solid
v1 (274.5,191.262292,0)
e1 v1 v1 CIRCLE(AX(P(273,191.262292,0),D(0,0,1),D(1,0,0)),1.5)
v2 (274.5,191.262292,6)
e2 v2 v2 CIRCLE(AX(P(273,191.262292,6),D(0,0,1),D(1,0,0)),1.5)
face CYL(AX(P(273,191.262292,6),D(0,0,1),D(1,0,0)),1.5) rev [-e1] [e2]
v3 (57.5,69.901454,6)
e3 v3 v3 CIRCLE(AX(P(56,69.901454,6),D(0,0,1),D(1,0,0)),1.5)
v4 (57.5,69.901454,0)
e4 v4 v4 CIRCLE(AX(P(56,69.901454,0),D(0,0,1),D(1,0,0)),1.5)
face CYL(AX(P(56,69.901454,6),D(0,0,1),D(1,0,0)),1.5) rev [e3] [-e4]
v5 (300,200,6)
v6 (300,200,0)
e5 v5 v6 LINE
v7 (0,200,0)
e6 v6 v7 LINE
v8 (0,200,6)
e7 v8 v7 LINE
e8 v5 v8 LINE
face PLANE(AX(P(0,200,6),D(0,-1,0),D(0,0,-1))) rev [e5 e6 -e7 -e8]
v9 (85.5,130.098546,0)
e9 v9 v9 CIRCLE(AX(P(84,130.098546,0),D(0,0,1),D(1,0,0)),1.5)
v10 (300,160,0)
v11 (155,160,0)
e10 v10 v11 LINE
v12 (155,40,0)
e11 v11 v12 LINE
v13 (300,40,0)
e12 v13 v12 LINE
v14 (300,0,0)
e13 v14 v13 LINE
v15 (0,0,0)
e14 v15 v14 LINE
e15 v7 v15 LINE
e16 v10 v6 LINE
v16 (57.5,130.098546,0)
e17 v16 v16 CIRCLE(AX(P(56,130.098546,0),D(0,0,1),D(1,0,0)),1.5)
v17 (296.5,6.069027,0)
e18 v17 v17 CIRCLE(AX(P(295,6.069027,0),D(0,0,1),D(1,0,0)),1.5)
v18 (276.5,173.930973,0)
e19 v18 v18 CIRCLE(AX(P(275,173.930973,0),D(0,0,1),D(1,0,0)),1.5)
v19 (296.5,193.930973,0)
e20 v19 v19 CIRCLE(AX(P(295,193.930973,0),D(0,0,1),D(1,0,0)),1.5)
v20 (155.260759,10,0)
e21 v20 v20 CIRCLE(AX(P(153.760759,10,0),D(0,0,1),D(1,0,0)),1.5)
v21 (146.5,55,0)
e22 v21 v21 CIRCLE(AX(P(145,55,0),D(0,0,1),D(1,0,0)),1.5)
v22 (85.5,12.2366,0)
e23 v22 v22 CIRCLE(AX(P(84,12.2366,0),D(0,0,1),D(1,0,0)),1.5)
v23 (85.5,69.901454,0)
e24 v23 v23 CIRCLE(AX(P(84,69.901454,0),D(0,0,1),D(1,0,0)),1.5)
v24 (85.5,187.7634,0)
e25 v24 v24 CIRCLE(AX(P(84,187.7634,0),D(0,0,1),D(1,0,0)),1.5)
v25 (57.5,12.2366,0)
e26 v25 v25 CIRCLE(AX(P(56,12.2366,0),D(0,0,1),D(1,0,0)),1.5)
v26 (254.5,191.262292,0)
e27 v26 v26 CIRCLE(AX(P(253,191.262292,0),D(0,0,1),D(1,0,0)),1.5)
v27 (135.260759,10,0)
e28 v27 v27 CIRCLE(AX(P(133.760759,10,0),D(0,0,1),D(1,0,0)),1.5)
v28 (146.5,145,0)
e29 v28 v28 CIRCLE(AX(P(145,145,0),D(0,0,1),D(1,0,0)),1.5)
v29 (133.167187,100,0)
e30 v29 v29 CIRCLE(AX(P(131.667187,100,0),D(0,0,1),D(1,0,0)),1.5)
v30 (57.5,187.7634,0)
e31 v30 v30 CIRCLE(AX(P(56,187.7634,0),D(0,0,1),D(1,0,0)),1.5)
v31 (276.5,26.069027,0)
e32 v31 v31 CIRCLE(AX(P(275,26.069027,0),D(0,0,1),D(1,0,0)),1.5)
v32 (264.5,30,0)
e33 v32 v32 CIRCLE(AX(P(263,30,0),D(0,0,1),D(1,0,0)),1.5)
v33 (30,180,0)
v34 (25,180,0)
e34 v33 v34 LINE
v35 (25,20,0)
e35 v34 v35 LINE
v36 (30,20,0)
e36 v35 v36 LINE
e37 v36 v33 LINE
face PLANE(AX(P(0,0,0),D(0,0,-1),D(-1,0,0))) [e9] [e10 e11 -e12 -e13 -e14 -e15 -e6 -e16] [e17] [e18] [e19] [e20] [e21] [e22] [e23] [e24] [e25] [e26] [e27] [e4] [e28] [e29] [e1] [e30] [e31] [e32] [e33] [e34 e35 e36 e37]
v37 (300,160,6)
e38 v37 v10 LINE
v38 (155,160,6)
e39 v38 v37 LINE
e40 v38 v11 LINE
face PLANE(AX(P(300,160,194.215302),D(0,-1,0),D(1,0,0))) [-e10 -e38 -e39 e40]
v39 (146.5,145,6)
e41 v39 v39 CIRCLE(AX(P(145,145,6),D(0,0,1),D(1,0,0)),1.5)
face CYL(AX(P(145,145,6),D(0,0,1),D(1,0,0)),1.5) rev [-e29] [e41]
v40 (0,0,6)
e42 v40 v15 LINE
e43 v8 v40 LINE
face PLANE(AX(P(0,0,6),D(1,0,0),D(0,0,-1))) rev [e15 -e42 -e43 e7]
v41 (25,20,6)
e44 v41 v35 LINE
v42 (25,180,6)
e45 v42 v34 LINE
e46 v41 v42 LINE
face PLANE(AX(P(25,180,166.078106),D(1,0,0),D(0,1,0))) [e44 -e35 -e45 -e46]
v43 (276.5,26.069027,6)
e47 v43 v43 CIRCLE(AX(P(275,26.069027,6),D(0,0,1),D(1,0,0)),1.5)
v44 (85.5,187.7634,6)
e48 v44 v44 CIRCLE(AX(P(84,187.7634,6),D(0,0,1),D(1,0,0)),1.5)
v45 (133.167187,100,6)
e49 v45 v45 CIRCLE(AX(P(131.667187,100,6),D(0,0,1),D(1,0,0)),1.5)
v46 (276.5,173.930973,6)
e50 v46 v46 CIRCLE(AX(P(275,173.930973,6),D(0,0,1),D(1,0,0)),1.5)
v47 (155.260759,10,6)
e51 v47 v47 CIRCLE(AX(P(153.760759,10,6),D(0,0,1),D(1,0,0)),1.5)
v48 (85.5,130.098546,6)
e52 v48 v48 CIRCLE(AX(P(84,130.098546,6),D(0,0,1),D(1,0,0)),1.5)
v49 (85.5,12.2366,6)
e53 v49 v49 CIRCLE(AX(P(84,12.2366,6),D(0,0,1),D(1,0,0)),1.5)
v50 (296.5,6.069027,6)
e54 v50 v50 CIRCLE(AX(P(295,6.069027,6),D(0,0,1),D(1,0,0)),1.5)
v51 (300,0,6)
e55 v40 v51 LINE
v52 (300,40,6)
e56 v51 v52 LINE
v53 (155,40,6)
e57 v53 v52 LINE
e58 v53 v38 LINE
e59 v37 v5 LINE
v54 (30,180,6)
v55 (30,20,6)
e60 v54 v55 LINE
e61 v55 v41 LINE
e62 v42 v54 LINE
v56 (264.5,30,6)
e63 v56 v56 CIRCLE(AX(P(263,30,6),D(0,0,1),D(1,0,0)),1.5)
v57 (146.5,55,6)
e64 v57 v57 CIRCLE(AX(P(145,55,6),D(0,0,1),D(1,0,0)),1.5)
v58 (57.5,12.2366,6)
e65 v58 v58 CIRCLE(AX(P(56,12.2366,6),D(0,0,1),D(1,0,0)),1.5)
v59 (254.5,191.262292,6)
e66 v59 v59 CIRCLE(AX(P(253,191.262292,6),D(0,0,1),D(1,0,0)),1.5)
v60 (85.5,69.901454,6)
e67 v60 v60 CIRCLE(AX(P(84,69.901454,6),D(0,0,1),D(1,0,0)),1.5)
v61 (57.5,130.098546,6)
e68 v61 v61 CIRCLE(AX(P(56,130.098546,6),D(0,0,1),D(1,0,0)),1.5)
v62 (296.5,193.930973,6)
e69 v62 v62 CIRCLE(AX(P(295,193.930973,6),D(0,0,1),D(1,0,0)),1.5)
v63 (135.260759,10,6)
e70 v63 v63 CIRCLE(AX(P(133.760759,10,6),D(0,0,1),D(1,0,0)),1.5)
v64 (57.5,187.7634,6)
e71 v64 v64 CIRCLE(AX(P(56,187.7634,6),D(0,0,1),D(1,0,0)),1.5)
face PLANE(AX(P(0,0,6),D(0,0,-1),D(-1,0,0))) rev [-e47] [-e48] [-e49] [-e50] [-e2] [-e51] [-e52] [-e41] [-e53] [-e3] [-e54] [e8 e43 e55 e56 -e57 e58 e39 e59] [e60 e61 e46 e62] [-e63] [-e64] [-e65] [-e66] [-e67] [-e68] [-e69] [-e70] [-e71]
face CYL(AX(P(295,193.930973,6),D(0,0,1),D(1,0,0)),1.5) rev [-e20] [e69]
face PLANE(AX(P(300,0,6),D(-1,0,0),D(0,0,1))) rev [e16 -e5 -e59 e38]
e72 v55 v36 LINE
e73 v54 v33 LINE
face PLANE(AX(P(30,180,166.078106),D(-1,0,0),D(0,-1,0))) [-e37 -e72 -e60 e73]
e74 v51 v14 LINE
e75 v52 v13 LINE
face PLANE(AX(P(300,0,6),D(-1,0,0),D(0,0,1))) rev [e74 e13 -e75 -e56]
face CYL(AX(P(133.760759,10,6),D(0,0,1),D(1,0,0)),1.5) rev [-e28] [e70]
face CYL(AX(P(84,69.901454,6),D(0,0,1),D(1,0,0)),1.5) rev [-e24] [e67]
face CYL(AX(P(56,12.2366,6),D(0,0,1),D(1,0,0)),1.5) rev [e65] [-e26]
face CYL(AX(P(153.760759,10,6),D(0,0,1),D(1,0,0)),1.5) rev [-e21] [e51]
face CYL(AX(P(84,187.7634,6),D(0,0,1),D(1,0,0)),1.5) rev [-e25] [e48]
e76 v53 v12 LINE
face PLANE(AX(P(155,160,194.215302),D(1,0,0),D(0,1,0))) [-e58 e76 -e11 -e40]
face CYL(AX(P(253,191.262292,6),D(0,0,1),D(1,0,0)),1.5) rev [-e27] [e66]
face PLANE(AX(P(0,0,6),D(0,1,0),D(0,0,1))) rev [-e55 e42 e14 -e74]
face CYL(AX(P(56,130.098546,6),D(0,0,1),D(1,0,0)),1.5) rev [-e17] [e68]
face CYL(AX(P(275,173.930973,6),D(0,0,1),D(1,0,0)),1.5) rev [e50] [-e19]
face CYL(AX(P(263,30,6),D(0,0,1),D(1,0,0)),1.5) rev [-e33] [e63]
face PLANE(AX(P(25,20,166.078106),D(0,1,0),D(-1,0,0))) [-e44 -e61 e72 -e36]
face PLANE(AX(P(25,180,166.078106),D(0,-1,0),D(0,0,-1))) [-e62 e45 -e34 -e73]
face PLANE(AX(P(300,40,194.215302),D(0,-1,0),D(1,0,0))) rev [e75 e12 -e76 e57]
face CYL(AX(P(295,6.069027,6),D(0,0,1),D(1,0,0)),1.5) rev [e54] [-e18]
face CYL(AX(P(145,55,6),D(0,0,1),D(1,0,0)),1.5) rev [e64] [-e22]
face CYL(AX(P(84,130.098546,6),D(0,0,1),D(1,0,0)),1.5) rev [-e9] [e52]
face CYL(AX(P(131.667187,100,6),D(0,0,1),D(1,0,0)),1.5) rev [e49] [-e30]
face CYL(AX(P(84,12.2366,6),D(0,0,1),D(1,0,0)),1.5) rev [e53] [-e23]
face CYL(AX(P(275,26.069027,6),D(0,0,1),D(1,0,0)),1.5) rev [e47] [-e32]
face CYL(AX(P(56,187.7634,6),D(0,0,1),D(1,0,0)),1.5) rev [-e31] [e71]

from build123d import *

# Parameters (mm, degrees)
SKETCH1_W                       = 300
SKETCH1_H                       = 200
BOSS_EXTRUDE1_DEPTH             = 6
SKETCH2_W                       = 145
SKETCH2_H                       = 120
CUT_EXTRUDE1_DEPTH              = 6
SKETCH3_W                       = 5
SKETCH3_H                       = 160
CUT_EXTRUDE2_DEPTH              = 6
F_3_0MM_PRESS_DOWEL_HOLE1_D     = 3
F_3_0MM_PRESS_DOWEL_HOLE1_DEPTH = 6
F_3_0MM_PRESS_DOWEL_HOLE1_TIP   = 0.901290929


with BuildPart() as part:
    # Sketch1 → Boss-Extrude1 (new body)
    with BuildSketch(Plane.XY):
        with Locations((150, 100)):
            Rectangle(SKETCH1_W, SKETCH1_H)
    extrude(amount=BOSS_EXTRUDE1_DEPTH)

    # Sketch2 → Cut-Extrude1 (cut)
    with BuildSketch(Plane.XY):
        with Locations((227.5, 100)):
            Rectangle(SKETCH2_W, SKETCH2_H)
    extrude(amount=CUT_EXTRUDE1_DEPTH, mode=Mode.SUBTRACT)

    # Sketch3 → Cut-Extrude2 (cut)
    with BuildSketch(Plane.XY):
        with Locations((27.5, 100)):
            Rectangle(SKETCH3_W, SKETCH3_H)
    extrude(amount=CUT_EXTRUDE2_DEPTH, mode=Mode.SUBTRACT)

    # Ø3.0mm Press Dowel Hole1
    with Locations(Plane(origin=(42.474486637, -126.531359221, 6), x_dir=(1, 0, 0), z_dir=(0, 0, 1))):
        with Locations((220.525513363, 156.531359221), (102.525513363, 181.531359221), (102.525513363, 271.531359221), (89.19270005, 226.531359221), (210.525513363, 317.793651488), (230.525513363, 317.793651488), (252.525513363, 320.462332131), (232.525513363, 300.462332131), (252.525513363, 132.600386311), (232.525513363, 152.600386311), (111.286271896, 136.531359221), (91.286271896, 136.531359221), (41.525513363, 196.432813402), (13.525513363, 196.432813402), (41.525513363, 138.767959221), (13.525513363, 138.767959221), (41.525513363, 256.62990504), (13.525513363, 256.62990504), (41.525513363, 314.294759221), (13.525513363, 314.294759221)):
            Hole(F_3_0MM_PRESS_DOWEL_HOLE1_D / 2, depth=F_3_0MM_PRESS_DOWEL_HOLE1_DEPTH)
            with Locations((0, 0, -(F_3_0MM_PRESS_DOWEL_HOLE1_DEPTH + F_3_0MM_PRESS_DOWEL_HOLE1_TIP / 2))):  # 118° drill point
                Cone(0, F_3_0MM_PRESS_DOWEL_HOLE1_D / 2, F_3_0MM_PRESS_DOWEL_HOLE1_TIP, mode=Mode.SUBTRACT)


solid = part.part
